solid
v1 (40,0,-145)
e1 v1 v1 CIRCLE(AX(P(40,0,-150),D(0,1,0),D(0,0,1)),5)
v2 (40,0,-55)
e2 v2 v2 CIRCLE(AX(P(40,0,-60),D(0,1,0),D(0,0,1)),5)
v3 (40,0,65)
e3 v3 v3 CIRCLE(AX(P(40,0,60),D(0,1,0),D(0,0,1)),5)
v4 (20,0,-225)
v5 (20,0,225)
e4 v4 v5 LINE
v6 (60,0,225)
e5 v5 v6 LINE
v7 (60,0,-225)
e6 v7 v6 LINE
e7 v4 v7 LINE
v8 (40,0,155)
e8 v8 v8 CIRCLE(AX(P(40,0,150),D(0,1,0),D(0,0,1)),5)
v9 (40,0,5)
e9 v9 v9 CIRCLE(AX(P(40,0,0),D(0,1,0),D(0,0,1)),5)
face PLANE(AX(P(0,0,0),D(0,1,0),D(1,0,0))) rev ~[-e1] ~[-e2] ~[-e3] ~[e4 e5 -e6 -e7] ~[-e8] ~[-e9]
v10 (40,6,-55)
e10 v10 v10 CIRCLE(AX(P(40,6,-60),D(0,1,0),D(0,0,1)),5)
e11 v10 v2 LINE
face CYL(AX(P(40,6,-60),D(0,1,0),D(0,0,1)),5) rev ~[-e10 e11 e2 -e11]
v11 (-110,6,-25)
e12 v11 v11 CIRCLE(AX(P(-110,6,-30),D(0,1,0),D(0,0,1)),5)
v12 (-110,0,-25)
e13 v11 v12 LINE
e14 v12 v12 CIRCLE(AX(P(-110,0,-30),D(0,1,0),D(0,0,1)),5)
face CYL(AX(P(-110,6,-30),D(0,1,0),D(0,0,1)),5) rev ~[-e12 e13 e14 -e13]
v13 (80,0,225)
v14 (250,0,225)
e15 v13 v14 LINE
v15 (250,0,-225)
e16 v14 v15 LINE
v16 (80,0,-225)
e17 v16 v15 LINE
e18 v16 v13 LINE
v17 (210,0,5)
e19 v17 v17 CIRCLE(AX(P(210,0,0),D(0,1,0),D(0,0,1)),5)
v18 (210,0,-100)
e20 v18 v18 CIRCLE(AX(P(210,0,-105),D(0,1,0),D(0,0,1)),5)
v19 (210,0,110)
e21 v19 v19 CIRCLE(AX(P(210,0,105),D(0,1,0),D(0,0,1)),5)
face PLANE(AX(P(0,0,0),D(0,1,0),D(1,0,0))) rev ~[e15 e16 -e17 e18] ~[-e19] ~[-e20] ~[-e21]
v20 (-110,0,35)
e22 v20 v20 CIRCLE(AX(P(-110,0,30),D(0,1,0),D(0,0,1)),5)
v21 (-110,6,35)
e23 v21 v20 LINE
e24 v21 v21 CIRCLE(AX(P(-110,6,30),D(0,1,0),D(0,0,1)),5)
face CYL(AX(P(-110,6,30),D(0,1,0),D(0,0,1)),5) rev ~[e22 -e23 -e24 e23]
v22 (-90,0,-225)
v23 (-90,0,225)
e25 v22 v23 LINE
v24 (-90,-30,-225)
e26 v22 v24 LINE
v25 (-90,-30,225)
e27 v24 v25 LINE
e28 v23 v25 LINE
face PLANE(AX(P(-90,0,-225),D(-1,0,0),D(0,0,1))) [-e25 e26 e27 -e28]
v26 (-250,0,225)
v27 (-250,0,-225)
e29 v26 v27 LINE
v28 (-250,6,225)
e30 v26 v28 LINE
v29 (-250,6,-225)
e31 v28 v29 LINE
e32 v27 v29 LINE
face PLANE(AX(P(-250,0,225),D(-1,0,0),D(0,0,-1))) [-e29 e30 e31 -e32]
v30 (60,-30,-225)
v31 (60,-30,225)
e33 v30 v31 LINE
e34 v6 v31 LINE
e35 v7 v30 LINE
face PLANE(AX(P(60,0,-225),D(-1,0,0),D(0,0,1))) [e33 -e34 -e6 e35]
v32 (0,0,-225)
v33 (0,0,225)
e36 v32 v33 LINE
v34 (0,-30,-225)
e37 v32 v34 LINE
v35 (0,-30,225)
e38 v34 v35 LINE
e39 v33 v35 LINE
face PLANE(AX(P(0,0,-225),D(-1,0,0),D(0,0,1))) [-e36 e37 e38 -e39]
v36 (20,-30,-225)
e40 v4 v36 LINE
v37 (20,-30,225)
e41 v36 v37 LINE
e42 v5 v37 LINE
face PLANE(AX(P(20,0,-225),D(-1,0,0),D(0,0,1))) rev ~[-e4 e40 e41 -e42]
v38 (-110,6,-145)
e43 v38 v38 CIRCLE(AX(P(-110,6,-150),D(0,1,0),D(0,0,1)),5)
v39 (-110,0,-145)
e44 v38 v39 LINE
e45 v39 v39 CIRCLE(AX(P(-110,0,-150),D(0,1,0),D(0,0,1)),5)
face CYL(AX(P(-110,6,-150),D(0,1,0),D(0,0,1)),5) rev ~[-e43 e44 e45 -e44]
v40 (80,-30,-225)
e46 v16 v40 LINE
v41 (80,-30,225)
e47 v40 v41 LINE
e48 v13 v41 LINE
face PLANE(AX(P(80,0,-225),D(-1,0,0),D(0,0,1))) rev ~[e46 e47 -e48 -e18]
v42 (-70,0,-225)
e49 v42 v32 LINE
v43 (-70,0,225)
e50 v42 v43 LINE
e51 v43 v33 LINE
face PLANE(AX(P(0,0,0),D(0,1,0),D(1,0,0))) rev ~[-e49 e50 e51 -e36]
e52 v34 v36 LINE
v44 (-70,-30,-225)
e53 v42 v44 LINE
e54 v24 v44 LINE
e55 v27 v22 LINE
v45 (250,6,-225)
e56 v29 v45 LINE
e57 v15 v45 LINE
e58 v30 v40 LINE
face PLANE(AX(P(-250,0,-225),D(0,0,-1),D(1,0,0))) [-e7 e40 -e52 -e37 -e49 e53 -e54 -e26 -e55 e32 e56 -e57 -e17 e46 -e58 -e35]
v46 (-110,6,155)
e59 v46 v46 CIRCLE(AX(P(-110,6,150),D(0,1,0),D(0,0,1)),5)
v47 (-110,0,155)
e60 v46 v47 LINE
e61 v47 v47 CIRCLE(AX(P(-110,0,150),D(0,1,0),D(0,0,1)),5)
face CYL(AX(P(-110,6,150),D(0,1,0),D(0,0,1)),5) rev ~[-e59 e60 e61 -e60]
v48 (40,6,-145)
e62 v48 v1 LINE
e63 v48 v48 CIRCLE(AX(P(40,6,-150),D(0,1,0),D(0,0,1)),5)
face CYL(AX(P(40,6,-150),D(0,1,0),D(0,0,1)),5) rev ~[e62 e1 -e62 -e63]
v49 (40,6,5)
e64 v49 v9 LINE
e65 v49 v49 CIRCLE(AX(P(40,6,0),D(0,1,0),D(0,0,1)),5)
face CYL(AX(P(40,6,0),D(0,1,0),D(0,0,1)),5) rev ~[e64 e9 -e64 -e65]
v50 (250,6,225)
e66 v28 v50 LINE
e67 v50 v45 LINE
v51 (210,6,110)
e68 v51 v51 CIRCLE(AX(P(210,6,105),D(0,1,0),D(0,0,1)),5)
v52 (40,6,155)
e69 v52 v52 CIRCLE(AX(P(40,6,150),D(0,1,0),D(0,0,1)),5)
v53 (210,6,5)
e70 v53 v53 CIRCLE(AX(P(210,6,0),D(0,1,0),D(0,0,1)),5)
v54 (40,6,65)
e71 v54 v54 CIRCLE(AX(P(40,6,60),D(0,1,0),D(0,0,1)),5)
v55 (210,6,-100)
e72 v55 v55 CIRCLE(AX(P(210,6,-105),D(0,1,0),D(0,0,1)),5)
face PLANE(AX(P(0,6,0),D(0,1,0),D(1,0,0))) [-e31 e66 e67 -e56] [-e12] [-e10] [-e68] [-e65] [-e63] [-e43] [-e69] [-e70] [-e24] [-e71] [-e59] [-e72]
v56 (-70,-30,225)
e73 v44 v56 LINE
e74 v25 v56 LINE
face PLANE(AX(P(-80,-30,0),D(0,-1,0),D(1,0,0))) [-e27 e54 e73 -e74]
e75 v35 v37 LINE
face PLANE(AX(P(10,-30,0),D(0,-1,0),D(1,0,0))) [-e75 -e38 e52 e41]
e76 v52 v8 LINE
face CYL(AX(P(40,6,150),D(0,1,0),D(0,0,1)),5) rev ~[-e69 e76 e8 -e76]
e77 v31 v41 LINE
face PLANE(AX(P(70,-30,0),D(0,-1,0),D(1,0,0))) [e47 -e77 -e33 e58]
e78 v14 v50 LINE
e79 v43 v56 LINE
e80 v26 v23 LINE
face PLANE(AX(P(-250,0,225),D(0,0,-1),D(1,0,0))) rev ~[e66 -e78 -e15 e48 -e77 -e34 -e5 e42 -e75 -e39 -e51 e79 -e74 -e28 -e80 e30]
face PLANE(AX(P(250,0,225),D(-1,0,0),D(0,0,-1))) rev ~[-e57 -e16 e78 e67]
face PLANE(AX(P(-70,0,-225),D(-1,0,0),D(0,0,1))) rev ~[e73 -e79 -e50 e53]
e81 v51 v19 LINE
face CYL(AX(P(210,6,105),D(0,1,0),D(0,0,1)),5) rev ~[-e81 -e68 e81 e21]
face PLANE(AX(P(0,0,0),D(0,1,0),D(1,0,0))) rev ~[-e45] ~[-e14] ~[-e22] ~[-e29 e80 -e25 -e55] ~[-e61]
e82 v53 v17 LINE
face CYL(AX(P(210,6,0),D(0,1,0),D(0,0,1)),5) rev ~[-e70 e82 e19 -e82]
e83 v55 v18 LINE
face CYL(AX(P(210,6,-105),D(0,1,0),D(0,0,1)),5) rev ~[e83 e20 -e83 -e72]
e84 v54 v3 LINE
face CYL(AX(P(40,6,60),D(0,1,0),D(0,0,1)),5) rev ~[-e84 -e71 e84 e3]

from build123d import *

# Parameters (mm, degrees)
SKETCH1_W           = 500
SKETCH1_H           = 450
BOSS_EXTRUDE1_DEPTH = 6
CUT_EXTRUDE1_REACH  = 338.394
SKETCH2_R           = 5
SKETCH3_W           = 20
SKETCH3_H           = 450
BOSS_EXTRUDE2_DEPTH = 30


with BuildPart() as part:
    # Sketch1 → Boss-Extrude1 (new body)
    with BuildSketch(Plane(origin=(0, 0, 0), x_dir=(1, 0, 0), z_dir=(0, 1, 0))):
        Rectangle(SKETCH1_W, SKETCH1_H)
    extrude(amount=BOSS_EXTRUDE1_DEPTH)

    # Sketch2 → Cut-Extrude1 (cut, up to next)
    with BuildSketch(Plane(origin=(0, 6, 0), x_dir=(1, 0, 0), z_dir=(0, 1, 0)), mode=Mode.PRIVATE) as cut_extrude1_sk1:
        with Locations(Location((210, 105, 0), (0, 0, 270))):
            Circle(SKETCH2_R)
    cut_extrude1_tool1 = extrude(cut_extrude1_sk1.sketch, amount=-CUT_EXTRUDE1_REACH, mode=Mode.PRIVATE) & part.part
    # Sketch2 → Cut-Extrude1 (cut, up to next)
    with BuildSketch(Plane(origin=(0, 6, 0), x_dir=(1, 0, 0), z_dir=(0, 1, 0)), mode=Mode.PRIVATE) as cut_extrude1_sk2:
        with Locations(Location((210, -105, 0), (0, 0, 270))):
            Circle(SKETCH2_R)
    cut_extrude1_tool2 = extrude(cut_extrude1_sk2.sketch, amount=-CUT_EXTRUDE1_REACH, mode=Mode.PRIVATE) & part.part
    # Sketch2 → Cut-Extrude1 (cut, up to next)
    with BuildSketch(Plane(origin=(0, 6, 0), x_dir=(1, 0, 0), z_dir=(0, 1, 0)), mode=Mode.PRIVATE) as cut_extrude1_sk3:
        with Locations(Location((210, 0, 0), (0, 0, 270))):
            Circle(SKETCH2_R)
    cut_extrude1_tool3 = extrude(cut_extrude1_sk3.sketch, amount=-CUT_EXTRUDE1_REACH, mode=Mode.PRIVATE) & part.part
    # Sketch2 → Cut-Extrude1 (cut, up to next)
    with BuildSketch(Plane(origin=(0, 6, 0), x_dir=(1, 0, 0), z_dir=(0, 1, 0)), mode=Mode.PRIVATE) as cut_extrude1_sk4:
        with Locations(Location((40, 150, 0), (0, 0, 270))):
            Circle(SKETCH2_R)
    cut_extrude1_tool4 = extrude(cut_extrude1_sk4.sketch, amount=-CUT_EXTRUDE1_REACH, mode=Mode.PRIVATE) & part.part
    # Sketch2 → Cut-Extrude1 (cut, up to next)
    with BuildSketch(Plane(origin=(0, 6, 0), x_dir=(1, 0, 0), z_dir=(0, 1, 0)), mode=Mode.PRIVATE) as cut_extrude1_sk5:
        with Locations(Location((40, 60, 0), (0, 0, 270))):
            Circle(SKETCH2_R)
    cut_extrude1_tool5 = extrude(cut_extrude1_sk5.sketch, amount=-CUT_EXTRUDE1_REACH, mode=Mode.PRIVATE) & part.part
    # Sketch2 → Cut-Extrude1 (cut, up to next)
    with BuildSketch(Plane(origin=(0, 6, 0), x_dir=(1, 0, 0), z_dir=(0, 1, 0)), mode=Mode.PRIVATE) as cut_extrude1_sk6:
        with Locations(Location((40, 0, 0), (0, 0, 270))):
            Circle(SKETCH2_R)
    cut_extrude1_tool6 = extrude(cut_extrude1_sk6.sketch, amount=-CUT_EXTRUDE1_REACH, mode=Mode.PRIVATE) & part.part
    # Sketch2 → Cut-Extrude1 (cut, up to next)
    with BuildSketch(Plane(origin=(0, 6, 0), x_dir=(1, 0, 0), z_dir=(0, 1, 0)), mode=Mode.PRIVATE) as cut_extrude1_sk7:
        with Locations(Location((-110, 150, 0), (0, 0, 270))):
            Circle(SKETCH2_R)
    cut_extrude1_tool7 = extrude(cut_extrude1_sk7.sketch, amount=-CUT_EXTRUDE1_REACH, mode=Mode.PRIVATE) & part.part
    # Sketch2 → Cut-Extrude1 (cut, up to next)
    with BuildSketch(Plane(origin=(0, 6, 0), x_dir=(1, 0, 0), z_dir=(0, 1, 0)), mode=Mode.PRIVATE) as cut_extrude1_sk8:
        with Locations(Location((-110, 30, 0), (0, 0, 270))):
            Circle(SKETCH2_R)
    cut_extrude1_tool8 = extrude(cut_extrude1_sk8.sketch, amount=-CUT_EXTRUDE1_REACH, mode=Mode.PRIVATE) & part.part
    # Sketch2 → Cut-Extrude1 (cut, up to next)
    with BuildSketch(Plane(origin=(0, 6, 0), x_dir=(1, 0, 0), z_dir=(0, 1, 0)), mode=Mode.PRIVATE) as cut_extrude1_sk9:
        with Locations(Location((-110, -30, 0), (0, 0, 270))):
            Circle(SKETCH2_R)
    cut_extrude1_tool9 = extrude(cut_extrude1_sk9.sketch, amount=-CUT_EXTRUDE1_REACH, mode=Mode.PRIVATE) & part.part
    # Sketch2 → Cut-Extrude1 (cut, up to next)
    with BuildSketch(Plane(origin=(0, 6, 0), x_dir=(1, 0, 0), z_dir=(0, 1, 0)), mode=Mode.PRIVATE) as cut_extrude1_sk10:
        with Locations(Location((40, -60, 0), (0, 0, 270))):
            Circle(SKETCH2_R)
    cut_extrude1_tool10 = extrude(cut_extrude1_sk10.sketch, amount=-CUT_EXTRUDE1_REACH, mode=Mode.PRIVATE) & part.part
    # Sketch2 → Cut-Extrude1 (cut, up to next)
    with BuildSketch(Plane(origin=(0, 6, 0), x_dir=(1, 0, 0), z_dir=(0, 1, 0)), mode=Mode.PRIVATE) as cut_extrude1_sk11:
        with Locations(Location((40, -150, 0), (0, 0, 270))):
            Circle(SKETCH2_R)
    cut_extrude1_tool11 = extrude(cut_extrude1_sk11.sketch, amount=-CUT_EXTRUDE1_REACH, mode=Mode.PRIVATE) & part.part
    # Sketch2 → Cut-Extrude1 (cut, up to next)
    with BuildSketch(Plane(origin=(0, 6, 0), x_dir=(1, 0, 0), z_dir=(0, 1, 0)), mode=Mode.PRIVATE) as cut_extrude1_sk12:
        with Locations(Location((-110, -150, 0), (0, 0, 270))):
            Circle(SKETCH2_R)
    cut_extrude1_tool12 = extrude(cut_extrude1_sk12.sketch, amount=-CUT_EXTRUDE1_REACH, mode=Mode.PRIVATE) & part.part
    add(cut_extrude1_tool1.solids().sort_by_distance((210, 6, -105))[0], mode=Mode.SUBTRACT)
    add(cut_extrude1_tool2.solids().sort_by_distance((210, 6, 105))[0], mode=Mode.SUBTRACT)
    add(cut_extrude1_tool3.solids().sort_by_distance((210, 6, 0))[0], mode=Mode.SUBTRACT)
    add(cut_extrude1_tool4.solids().sort_by_distance((40, 6, -150))[0], mode=Mode.SUBTRACT)
    add(cut_extrude1_tool5.solids().sort_by_distance((40, 6, -60))[0], mode=Mode.SUBTRACT)
    add(cut_extrude1_tool6.solids().sort_by_distance((40, 6, 0))[0], mode=Mode.SUBTRACT)
    add(cut_extrude1_tool7.solids().sort_by_distance((-110, 6, -150))[0], mode=Mode.SUBTRACT)
    add(cut_extrude1_tool8.solids().sort_by_distance((-110, 6, -30))[0], mode=Mode.SUBTRACT)
    add(cut_extrude1_tool9.solids().sort_by_distance((-110, 6, 30))[0], mode=Mode.SUBTRACT)
    add(cut_extrude1_tool10.solids().sort_by_distance((40, 6, 60))[0], mode=Mode.SUBTRACT)
    add(cut_extrude1_tool11.solids().sort_by_distance((40, 6, 150))[0], mode=Mode.SUBTRACT)
    add(cut_extrude1_tool12.solids().sort_by_distance((-110, 6, 150))[0], mode=Mode.SUBTRACT)

    # Sketch3 → Boss-Extrude2 (add)
    with BuildSketch(Plane.XZ):
        with Locations((10, 0)):
            Rectangle(SKETCH3_W, SKETCH3_H)
        with Locations((-80, 0)):
            Rectangle(SKETCH3_W, SKETCH3_H)
        with Locations((70, 0)):
            Rectangle(SKETCH3_W, SKETCH3_H)
    extrude(amount=BOSS_EXTRUDE2_DEPTH)


solid = part.part
